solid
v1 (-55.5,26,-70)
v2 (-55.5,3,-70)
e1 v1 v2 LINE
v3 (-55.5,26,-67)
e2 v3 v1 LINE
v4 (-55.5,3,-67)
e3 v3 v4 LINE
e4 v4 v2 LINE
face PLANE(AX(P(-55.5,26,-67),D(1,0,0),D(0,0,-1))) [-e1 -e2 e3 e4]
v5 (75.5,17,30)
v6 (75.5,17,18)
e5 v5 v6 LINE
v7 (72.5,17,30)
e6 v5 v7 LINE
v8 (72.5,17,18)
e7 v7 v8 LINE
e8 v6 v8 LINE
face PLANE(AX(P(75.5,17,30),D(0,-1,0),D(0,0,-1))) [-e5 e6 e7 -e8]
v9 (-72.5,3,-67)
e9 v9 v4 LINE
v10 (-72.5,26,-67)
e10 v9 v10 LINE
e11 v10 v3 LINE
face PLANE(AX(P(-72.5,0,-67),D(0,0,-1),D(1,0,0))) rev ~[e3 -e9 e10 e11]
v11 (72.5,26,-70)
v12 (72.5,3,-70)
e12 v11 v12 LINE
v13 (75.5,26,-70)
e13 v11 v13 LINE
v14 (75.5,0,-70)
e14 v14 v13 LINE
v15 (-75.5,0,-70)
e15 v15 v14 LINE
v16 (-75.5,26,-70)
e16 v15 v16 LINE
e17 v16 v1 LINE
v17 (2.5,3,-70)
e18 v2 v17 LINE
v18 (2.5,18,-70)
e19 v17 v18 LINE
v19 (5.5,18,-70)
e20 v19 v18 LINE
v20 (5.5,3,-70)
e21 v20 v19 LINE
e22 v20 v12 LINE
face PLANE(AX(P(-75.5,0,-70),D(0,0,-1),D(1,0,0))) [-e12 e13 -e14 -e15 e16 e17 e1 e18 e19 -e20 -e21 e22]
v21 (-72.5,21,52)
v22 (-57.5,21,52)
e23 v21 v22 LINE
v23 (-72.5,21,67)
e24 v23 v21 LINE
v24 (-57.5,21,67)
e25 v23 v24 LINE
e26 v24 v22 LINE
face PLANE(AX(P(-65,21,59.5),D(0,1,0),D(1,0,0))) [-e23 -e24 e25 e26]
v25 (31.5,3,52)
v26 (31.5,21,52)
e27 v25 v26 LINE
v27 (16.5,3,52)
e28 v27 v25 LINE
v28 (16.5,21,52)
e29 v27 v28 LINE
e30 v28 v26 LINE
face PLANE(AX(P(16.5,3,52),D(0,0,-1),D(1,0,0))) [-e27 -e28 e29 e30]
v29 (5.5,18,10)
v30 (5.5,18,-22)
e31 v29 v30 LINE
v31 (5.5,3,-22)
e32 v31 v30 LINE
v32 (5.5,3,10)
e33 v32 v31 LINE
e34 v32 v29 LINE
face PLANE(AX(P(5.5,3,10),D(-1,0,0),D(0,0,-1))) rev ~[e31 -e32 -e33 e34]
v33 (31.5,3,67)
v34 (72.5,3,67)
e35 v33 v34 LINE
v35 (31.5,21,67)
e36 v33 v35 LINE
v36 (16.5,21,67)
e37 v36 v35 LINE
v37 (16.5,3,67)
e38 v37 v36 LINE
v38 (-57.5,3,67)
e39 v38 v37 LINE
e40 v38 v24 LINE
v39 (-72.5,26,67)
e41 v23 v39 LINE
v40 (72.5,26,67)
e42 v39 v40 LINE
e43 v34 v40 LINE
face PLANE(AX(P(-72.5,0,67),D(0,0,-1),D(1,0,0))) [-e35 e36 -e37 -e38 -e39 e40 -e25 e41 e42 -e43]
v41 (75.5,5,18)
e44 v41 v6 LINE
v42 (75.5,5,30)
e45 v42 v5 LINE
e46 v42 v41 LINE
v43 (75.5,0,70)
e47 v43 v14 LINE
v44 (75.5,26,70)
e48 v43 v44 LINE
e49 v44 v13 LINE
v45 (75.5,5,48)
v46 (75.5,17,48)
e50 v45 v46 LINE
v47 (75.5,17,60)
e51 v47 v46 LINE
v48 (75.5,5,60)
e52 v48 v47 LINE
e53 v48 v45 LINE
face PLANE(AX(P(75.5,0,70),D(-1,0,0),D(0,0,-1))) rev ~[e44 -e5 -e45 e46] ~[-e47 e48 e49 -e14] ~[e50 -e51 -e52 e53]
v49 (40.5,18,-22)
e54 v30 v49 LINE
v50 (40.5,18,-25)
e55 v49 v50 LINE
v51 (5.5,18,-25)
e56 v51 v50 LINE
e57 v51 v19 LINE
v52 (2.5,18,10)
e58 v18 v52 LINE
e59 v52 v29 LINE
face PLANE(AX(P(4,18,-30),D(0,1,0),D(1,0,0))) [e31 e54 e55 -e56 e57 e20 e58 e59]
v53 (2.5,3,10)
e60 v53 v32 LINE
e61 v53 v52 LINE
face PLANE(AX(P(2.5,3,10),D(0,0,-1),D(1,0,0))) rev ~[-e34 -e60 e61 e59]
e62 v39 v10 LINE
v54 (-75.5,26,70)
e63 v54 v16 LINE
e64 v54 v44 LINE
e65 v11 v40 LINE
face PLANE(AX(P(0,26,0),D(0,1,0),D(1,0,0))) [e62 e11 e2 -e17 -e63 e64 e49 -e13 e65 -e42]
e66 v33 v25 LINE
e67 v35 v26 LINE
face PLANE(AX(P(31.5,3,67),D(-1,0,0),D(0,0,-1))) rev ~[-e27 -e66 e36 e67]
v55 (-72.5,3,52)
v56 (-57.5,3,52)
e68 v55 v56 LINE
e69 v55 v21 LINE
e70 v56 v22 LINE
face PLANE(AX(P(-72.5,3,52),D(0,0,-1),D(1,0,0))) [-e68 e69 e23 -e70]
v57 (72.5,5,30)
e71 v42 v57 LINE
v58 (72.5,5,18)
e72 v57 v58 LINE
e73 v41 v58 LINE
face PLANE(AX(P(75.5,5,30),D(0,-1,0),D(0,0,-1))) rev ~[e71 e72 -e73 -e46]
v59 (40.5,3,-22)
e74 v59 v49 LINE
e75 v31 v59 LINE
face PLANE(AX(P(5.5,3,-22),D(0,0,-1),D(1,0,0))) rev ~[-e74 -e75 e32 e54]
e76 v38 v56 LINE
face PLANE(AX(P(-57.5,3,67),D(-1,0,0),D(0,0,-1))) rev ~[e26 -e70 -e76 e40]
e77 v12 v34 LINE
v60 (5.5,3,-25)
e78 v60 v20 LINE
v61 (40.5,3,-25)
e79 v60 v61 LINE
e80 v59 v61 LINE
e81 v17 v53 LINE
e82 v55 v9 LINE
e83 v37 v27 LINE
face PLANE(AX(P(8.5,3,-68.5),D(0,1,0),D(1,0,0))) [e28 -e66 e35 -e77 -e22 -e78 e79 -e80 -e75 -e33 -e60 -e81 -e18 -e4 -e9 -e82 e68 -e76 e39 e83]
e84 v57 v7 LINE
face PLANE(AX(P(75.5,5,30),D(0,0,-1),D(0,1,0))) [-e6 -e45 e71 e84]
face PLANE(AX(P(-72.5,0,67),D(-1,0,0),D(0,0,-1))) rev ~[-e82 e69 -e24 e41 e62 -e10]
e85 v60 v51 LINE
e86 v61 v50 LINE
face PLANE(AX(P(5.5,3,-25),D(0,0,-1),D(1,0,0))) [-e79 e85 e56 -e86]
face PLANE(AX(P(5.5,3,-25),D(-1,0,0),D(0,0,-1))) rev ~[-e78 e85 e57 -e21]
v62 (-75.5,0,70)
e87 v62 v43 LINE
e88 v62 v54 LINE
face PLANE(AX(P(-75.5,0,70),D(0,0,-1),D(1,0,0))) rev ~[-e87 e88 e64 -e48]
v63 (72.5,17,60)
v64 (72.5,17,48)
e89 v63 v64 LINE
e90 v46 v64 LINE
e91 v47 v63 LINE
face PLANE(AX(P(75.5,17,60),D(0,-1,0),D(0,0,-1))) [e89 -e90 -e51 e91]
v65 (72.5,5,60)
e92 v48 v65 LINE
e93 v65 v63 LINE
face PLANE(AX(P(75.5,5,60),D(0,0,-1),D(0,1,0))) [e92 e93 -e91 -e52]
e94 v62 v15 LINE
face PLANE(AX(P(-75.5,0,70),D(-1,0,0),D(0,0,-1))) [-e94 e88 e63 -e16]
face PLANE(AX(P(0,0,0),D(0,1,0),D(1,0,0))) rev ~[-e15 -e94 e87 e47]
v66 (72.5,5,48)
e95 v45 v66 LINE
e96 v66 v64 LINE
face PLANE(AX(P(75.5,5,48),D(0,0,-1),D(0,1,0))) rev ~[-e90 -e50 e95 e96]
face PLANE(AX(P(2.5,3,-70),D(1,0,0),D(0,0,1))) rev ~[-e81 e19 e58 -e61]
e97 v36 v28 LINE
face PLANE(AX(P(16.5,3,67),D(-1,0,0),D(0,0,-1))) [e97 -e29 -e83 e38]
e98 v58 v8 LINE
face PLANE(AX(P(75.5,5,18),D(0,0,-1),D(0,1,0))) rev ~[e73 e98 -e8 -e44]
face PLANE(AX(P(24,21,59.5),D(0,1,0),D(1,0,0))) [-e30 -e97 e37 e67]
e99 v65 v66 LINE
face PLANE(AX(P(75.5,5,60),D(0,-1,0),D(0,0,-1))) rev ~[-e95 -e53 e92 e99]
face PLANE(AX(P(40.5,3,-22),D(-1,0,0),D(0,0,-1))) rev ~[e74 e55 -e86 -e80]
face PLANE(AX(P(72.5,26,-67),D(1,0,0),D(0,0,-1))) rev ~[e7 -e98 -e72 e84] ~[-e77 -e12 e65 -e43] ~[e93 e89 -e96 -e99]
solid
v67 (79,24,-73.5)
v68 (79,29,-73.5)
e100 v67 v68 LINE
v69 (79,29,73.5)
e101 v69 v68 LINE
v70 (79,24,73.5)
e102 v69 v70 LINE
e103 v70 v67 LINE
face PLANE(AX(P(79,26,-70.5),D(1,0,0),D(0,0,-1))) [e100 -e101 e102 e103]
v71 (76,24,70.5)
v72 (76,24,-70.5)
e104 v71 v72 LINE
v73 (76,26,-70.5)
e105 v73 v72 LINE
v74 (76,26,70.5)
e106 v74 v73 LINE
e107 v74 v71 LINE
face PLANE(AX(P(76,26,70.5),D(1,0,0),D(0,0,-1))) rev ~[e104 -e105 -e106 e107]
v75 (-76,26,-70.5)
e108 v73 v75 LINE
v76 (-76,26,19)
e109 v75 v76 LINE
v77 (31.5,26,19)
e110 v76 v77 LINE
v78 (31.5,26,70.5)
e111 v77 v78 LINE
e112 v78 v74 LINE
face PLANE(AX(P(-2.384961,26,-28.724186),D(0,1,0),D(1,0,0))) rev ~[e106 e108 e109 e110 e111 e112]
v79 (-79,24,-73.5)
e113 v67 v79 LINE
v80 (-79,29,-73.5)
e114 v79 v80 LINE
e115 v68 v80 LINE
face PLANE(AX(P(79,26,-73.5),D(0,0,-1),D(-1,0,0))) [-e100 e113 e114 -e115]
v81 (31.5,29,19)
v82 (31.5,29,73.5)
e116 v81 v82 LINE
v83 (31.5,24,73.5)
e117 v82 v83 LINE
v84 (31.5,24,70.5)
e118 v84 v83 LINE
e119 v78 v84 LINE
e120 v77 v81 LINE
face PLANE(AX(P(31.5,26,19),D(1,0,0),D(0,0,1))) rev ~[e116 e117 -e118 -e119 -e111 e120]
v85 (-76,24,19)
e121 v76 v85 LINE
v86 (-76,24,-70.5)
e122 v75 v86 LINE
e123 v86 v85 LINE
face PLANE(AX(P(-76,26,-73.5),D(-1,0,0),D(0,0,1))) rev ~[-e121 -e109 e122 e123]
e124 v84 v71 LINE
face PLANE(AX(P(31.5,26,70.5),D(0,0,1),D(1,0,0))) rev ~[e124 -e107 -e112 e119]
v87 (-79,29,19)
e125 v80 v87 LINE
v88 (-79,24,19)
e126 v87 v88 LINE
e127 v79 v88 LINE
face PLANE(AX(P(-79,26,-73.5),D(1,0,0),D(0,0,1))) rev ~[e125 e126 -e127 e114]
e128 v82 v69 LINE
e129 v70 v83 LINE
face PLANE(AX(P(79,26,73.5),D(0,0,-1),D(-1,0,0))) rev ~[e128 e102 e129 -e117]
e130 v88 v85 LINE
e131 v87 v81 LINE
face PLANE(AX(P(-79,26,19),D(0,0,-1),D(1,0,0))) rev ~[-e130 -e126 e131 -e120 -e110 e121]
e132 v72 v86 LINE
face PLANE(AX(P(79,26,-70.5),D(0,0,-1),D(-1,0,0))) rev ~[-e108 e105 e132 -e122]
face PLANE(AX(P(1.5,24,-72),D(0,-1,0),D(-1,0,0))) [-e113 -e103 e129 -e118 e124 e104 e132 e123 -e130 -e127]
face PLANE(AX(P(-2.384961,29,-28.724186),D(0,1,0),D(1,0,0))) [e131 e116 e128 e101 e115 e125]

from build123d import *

# Parameters (mm, degrees)
SKETCH2_W           = 151
SKETCH2_H           = 140
SKETCH2_W_2         = 145
SKETCH2_H_2         = 134
BOSS_EXTRUDE1_DEPTH = 26
SKETCH2_2_W         = 145
SKETCH2_2_H         = 134
BOSS_EXTRUDE2_DEPTH = 3
SKETCH3_W           = 128
SKETCH3_H           = 3
CUT_EXTRUDE1_DEPTH  = 23
SKETCH4_W           = 12
SKETCH4_H           = 12
CUT_EXTRUDE2_DEPTH  = 23
BOSS_EXTRUDE3_DEPTH = 15
SKETCH6_W           = 15
SKETCH6_H           = 15
BOSS_EXTRUDE4_DEPTH = 18
BOSS_EXTRUDE5_DEPTH = 3
SKETCH8_W           = 3
SKETCH8_H           = 92.5
BOSS_EXTRUDE6_DEPTH = 2
SKETCH9_W           = 155
SKETCH9_H           = 3
BOSS_EXTRUDE7_DEPTH = 2


with BuildPart() as part:
    # Sketch2 → Boss-Extrude1 (new body)
    with BuildSketch(Plane(origin=(0, 0, 0), x_dir=(1, 0, 0), z_dir=(0, 1, 0))):
        Rectangle(SKETCH2_W, SKETCH2_H)
        Rectangle(SKETCH2_W_2, SKETCH2_H_2, mode=Mode.SUBTRACT)
    extrude(amount=BOSS_EXTRUDE1_DEPTH)

    # Sketch2<2> → Boss-Extrude2 (add)
    with BuildSketch(Plane(origin=(0, 0, 0), x_dir=(1, 0, 0), z_dir=(0, 1, 0))):
        Rectangle(SKETCH2_2_W, SKETCH2_2_H)
    extrude(amount=BOSS_EXTRUDE2_DEPTH)

    # Sketch3 → Cut-Extrude1 (cut)
    with BuildSketch(Plane(origin=(0, 26, 0), x_dir=(1, 0, 0), z_dir=(0, 1, 0))):
        with Locations((8.5, 68.5)):
            Rectangle(SKETCH3_W, SKETCH3_H)
    extrude(amount=-CUT_EXTRUDE1_DEPTH, mode=Mode.SUBTRACT)

    # Sketch4 → Cut-Extrude2 (cut)
    with BuildSketch(Plane(origin=(75.5, 0, 0), x_dir=(0, 0, -1), z_dir=(1, 0, 0))):
        with Locations((-54, 11)):
            Rectangle(SKETCH4_W, SKETCH4_H)
        with Locations((-24, 11)):
            Rectangle(SKETCH4_W, SKETCH4_H)
    extrude(amount=-CUT_EXTRUDE2_DEPTH, mode=Mode.SUBTRACT)

    # Sketch5 → Boss-Extrude3 (add)
    with BuildSketch(Plane(origin=(0, 3, 0), x_dir=(1, 0, 0), z_dir=(0, 1, 0))):
        Polygon((5.5, 70), (2.5, 70), (2.5, -10), (5.5, -10), (5.5, 22), (40.5, 22), (40.5, 25), (5.5, 25), align=None)
    extrude(amount=BOSS_EXTRUDE3_DEPTH)

    # Sketch6 → Boss-Extrude4 (add)
    with BuildSketch(Plane(origin=(0, 3, 0), x_dir=(1, 0, 0), z_dir=(0, 1, 0))):
        with Locations((-65, -59.5)):
            Rectangle(SKETCH6_W, SKETCH6_H)
        with Locations((24, -59.5)):
            Rectangle(SKETCH6_W, SKETCH6_H)
    extrude(amount=BOSS_EXTRUDE4_DEPTH)


with BuildPart() as body_2:
    # Sketch7 → Boss-Extrude5 (new body)
    with BuildSketch(Plane(origin=(0, 26, 0), x_dir=(1, 0, 0), z_dir=(0, 1, 0))):
        Polygon((79, 73.5), (-79, 73.5), (-79, -19), (31.5, -19), (31.5, -73.5), (79, -73.5), align=None)
    extrude(amount=BOSS_EXTRUDE5_DEPTH)

    # Sketch8 → Boss-Extrude6 (add)
    with BuildSketch(Plane.XZ.offset(-26)):
        with Locations((-77.5, -27.25)):
            Rectangle(SKETCH8_W, SKETCH8_H)
        Polygon((76, 70.5), (76, -70.5), (79, -70.5), (79, 73.5), (31.5, 73.5), (31.5, 70.5), align=None)
    extrude(amount=BOSS_EXTRUDE6_DEPTH)

    # Sketch9 → Boss-Extrude7 (add)
    with BuildSketch(Plane(origin=(0, 26, 0), x_dir=(-1, 0, 0), z_dir=(0, -1, 0))):
        with Locations((-1.5, 72)):
            Rectangle(SKETCH9_W, SKETCH9_H)
    extrude(amount=BOSS_EXTRUDE7_DEPTH)


solid = Compound([part.part, body_2.part])
